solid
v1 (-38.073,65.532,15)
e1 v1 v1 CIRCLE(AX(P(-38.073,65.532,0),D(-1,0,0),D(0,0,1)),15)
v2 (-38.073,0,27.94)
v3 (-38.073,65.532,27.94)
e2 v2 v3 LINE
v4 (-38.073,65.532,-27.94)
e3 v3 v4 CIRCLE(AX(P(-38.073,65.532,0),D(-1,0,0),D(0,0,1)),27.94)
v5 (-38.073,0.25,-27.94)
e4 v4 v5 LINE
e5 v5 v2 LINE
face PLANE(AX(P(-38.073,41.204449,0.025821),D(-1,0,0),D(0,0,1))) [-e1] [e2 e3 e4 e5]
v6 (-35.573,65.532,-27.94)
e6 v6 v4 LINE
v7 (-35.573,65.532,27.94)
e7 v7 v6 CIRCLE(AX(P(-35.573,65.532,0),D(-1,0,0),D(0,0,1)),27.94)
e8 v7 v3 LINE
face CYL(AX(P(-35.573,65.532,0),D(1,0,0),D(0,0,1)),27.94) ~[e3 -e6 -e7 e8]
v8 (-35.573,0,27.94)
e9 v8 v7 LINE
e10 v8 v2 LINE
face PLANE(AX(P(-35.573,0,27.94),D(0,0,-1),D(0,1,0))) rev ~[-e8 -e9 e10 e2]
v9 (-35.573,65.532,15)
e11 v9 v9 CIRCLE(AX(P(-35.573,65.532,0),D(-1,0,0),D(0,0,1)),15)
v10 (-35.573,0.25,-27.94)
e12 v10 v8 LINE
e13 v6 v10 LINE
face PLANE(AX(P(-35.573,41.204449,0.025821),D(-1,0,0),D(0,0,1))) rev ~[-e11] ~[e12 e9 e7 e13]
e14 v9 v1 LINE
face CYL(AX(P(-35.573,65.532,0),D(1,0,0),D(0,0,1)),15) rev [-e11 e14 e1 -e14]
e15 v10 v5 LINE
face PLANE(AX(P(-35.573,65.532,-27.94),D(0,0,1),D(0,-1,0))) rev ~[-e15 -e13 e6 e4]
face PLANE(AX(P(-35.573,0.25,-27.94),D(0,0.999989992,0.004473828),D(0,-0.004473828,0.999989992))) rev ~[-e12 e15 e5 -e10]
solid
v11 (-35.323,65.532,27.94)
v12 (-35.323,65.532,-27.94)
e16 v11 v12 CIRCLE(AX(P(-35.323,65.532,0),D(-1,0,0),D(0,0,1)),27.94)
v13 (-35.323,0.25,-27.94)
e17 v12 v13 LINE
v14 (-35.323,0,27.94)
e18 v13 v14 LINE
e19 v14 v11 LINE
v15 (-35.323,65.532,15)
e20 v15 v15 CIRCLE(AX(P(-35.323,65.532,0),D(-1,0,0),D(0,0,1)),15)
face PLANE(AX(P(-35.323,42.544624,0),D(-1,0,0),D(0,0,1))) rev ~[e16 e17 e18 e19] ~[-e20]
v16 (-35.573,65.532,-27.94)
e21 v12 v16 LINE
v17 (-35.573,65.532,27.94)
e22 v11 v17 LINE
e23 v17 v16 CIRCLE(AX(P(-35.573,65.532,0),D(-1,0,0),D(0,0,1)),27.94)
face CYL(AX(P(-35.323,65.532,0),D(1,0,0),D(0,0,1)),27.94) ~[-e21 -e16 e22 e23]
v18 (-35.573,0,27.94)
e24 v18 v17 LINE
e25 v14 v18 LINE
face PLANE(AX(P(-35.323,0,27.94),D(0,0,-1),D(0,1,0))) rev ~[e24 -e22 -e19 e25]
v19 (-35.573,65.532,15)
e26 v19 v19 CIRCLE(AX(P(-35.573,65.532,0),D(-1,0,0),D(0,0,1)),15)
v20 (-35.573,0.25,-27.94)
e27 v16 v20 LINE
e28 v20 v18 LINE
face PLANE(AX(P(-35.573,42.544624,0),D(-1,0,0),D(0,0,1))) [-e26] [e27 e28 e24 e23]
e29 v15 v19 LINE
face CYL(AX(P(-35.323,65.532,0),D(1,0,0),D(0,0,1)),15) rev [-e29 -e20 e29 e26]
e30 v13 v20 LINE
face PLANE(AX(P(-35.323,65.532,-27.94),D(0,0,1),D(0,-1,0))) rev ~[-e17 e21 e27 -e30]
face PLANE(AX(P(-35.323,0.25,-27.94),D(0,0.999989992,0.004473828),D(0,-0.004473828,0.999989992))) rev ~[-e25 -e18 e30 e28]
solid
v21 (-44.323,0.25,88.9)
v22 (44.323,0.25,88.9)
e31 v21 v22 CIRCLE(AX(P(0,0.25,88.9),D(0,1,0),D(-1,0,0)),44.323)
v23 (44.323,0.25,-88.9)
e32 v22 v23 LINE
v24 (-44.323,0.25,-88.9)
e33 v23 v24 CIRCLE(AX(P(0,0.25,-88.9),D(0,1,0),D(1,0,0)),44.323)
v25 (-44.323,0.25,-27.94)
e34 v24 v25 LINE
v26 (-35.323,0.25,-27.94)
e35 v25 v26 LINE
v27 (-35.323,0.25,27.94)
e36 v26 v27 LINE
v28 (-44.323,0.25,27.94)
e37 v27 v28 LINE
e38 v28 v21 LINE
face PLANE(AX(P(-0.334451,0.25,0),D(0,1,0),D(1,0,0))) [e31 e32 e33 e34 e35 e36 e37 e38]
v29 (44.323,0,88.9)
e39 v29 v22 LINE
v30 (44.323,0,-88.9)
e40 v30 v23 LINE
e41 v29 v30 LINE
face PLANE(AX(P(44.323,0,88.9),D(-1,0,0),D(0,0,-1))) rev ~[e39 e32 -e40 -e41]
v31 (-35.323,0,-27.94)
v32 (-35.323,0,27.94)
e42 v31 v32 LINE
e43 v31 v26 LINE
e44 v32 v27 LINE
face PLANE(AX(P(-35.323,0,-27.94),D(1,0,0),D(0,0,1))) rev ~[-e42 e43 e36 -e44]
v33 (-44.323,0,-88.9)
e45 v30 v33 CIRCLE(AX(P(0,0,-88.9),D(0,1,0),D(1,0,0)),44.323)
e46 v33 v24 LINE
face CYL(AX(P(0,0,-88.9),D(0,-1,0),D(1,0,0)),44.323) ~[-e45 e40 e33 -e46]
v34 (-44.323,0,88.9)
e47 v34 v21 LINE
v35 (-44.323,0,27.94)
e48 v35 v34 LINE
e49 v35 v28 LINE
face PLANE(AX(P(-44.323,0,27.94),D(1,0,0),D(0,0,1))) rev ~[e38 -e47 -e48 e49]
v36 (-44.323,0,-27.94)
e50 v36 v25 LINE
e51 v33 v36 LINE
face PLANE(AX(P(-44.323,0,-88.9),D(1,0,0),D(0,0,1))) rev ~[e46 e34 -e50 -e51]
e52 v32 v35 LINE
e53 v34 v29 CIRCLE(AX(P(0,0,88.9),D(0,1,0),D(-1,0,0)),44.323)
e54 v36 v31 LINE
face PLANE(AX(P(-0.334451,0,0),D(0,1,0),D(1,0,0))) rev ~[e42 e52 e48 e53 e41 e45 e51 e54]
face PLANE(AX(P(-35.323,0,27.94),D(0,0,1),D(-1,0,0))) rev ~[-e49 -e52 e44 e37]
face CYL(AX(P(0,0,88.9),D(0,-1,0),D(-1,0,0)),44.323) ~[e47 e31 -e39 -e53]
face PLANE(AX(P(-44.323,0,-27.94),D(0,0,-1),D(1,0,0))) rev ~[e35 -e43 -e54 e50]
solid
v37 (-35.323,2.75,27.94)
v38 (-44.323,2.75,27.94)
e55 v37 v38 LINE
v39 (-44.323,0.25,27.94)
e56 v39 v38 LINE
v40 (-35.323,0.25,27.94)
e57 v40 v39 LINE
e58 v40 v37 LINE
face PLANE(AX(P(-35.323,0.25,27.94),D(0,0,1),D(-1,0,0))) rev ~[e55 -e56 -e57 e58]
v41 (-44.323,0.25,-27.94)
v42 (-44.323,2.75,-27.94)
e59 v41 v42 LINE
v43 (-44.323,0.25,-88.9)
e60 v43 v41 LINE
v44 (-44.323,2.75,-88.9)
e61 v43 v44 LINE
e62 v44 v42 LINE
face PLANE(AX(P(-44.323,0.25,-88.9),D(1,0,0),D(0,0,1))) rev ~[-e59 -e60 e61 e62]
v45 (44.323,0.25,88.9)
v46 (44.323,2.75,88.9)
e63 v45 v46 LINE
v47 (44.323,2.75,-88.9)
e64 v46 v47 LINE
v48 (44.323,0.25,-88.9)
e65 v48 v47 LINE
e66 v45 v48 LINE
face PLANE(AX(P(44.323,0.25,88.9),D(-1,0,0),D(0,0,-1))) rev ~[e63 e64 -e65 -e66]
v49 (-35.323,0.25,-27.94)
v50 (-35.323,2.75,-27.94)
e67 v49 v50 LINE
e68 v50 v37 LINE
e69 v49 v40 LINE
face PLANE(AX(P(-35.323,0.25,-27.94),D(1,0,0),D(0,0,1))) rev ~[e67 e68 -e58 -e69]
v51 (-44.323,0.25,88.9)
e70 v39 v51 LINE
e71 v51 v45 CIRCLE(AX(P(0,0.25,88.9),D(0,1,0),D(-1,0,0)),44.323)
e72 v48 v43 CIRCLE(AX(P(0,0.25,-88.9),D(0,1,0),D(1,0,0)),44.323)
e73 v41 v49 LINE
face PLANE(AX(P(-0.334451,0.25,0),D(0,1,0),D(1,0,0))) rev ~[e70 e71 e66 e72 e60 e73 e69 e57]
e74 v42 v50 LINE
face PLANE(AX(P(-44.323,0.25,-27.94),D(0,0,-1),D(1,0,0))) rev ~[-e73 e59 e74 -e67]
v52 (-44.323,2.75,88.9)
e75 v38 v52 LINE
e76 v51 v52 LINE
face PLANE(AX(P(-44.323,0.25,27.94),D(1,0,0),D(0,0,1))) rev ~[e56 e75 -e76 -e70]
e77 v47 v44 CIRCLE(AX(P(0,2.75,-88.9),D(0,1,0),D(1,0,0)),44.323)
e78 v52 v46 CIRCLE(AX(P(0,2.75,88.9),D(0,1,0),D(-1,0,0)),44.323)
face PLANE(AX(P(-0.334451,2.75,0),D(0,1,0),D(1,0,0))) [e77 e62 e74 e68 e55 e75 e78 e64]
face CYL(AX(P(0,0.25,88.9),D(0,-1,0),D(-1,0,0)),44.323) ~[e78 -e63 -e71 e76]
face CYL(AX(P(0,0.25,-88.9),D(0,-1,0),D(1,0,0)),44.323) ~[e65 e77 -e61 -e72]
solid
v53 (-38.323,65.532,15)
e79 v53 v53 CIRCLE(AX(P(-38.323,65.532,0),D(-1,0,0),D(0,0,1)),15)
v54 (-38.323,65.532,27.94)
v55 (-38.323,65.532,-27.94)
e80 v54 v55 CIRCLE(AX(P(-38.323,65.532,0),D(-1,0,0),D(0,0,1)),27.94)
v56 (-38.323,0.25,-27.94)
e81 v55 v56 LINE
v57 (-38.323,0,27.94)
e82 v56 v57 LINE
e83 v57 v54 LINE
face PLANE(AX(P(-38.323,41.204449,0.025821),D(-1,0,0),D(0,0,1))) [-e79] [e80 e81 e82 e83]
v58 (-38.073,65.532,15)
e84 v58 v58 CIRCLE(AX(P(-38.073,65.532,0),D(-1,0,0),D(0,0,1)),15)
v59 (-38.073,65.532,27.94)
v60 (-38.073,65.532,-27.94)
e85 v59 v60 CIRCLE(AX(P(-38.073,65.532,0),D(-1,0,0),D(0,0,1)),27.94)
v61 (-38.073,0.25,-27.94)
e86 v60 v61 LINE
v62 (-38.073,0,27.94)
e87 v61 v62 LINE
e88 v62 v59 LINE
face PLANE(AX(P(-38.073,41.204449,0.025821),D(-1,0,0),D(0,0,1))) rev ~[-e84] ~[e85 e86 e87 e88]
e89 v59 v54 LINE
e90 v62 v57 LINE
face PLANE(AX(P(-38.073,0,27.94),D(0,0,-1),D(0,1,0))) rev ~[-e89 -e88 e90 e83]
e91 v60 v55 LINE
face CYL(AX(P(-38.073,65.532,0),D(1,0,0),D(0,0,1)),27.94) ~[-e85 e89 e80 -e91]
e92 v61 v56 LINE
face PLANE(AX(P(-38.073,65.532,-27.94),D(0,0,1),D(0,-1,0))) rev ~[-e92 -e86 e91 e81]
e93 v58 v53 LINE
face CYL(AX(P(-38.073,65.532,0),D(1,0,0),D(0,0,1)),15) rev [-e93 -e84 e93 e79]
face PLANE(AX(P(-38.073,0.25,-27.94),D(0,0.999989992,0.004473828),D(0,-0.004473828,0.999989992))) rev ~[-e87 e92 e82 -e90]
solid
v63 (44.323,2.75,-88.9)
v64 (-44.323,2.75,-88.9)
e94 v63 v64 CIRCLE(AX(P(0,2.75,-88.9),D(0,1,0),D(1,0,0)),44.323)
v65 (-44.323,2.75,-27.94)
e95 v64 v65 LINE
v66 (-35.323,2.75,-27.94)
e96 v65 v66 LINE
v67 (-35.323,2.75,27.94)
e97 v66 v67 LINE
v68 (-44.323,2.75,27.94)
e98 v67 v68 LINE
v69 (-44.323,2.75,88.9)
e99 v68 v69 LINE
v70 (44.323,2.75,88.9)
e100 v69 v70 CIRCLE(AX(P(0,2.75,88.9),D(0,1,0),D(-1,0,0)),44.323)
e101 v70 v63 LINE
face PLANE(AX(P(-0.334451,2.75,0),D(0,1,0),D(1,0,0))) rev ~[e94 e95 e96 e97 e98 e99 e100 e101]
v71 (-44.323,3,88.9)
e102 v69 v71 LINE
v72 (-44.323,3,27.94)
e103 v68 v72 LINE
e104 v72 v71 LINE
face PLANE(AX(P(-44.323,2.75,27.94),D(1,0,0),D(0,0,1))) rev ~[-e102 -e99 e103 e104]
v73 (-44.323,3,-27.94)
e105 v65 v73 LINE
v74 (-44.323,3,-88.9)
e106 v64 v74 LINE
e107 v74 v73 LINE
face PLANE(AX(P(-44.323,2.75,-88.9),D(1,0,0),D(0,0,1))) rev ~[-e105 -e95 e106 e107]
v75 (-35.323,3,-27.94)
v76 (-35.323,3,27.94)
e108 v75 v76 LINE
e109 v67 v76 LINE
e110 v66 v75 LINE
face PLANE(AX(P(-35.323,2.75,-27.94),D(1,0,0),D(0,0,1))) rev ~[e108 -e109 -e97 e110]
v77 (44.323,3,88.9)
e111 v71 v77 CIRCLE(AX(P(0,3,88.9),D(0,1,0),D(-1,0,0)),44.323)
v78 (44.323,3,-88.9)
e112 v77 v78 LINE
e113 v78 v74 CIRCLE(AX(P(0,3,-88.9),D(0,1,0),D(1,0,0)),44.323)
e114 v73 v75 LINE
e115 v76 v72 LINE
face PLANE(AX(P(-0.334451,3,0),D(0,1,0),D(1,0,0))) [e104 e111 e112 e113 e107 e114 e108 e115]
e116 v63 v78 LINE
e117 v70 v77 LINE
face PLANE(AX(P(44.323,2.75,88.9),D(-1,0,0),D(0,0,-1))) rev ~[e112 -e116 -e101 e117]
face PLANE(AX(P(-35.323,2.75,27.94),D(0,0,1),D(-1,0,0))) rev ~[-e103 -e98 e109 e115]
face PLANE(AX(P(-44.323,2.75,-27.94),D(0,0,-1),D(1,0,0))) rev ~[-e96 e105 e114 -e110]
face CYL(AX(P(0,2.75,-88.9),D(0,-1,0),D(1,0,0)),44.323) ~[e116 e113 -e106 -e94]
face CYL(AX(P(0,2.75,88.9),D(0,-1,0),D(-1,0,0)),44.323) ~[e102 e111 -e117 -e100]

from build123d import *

# Parameters (mm, degrees)
BOSS_EXTRUDE1_DEPTH = 0.25
BOSS_EXTRUDE2_DEPTH = 2.5
BOSS_EXTRUDE3_DEPTH = 0.25
SKETCH6_R           = 15
BOSS_EXTRUDE5_DEPTH = 0.25
SKETCH7_R           = 15
BOSS_EXTRUDE7_DEPTH = 2.5
SKETCH8_R           = 15
BOSS_EXTRUDE8_DEPTH = 0.25


with BuildPart() as part:
    # Sketch1 → Boss-Extrude1 (new body)
    with BuildSketch(Plane(origin=(0, 0, 0), x_dir=(1, 0, 0), z_dir=(0, 1, 0))):
        with BuildLine():
            Line((-44.323, 88.9), (-44.323, 27.94))
            Line((-44.323, 27.94), (-35.323, 27.94))
            Line((-35.323, 27.94), (-35.323, -27.94))
            Line((-35.323, -27.94), (-44.323, -27.94))
            Line((-44.323, -27.94), (-44.323, -88.9))
            ThreePointArc((-44.323, -88.9), (0, -133.223), (44.323, -88.9))
            Line((44.323, -88.9), (44.323, 88.9))
            ThreePointArc((44.323, 88.9), (0, 133.223), (-44.323, 88.9))
        make_face()
    extrude(amount=BOSS_EXTRUDE1_DEPTH)


with BuildPart() as body_2:
    # Sketch2 → Boss-Extrude2 (new body)
    with BuildSketch(Plane(origin=(0, 0.25, 0), x_dir=(1, 0, 0), z_dir=(0, 1, 0))):
        with BuildLine():
            Line((-44.323, 27.94), (-35.323, 27.94))
            Line((-35.323, 27.94), (-35.323, -27.94))
            Line((-35.323, -27.94), (-44.323, -27.94))
            Line((-44.323, -27.94), (-44.323, -88.9))
            ThreePointArc((-44.323, -88.9), (0, -133.223), (44.323, -88.9))
            Line((44.323, -88.9), (44.323, 88.9))
            ThreePointArc((44.323, 88.9), (0, 133.223), (-44.323, 88.9))
            Line((-44.323, 88.9), (-44.323, 27.94))
        make_face()
    extrude(amount=BOSS_EXTRUDE2_DEPTH)


with BuildPart() as body_3:
    # Sketch3 → Boss-Extrude3 (new body)
    with BuildSketch(Plane(origin=(0, 2.75, 0), x_dir=(1, 0, 0), z_dir=(0, 1, 0))):
        with BuildLine():
            Line((-35.323, -27.94), (-44.323, -27.94))
            Line((-44.323, -27.94), (-44.323, -88.9))
            ThreePointArc((-44.323, -88.9), (0, -133.223), (44.323, -88.9))
            Line((44.323, -88.9), (44.323, 88.9))
            ThreePointArc((44.323, 88.9), (0, 133.223), (-44.323, 88.9))
            Line((-44.323, 88.9), (-44.323, 27.94))
            Line((-44.323, 27.94), (-35.323, 27.94))
            Line((-35.323, 27.94), (-35.323, -27.94))
        make_face()
    extrude(amount=BOSS_EXTRUDE3_DEPTH)


with BuildPart() as body_4:
    # Sketch6 → Boss-Extrude5 (new body)
    with BuildSketch(Plane.ZY.offset(35.323)):
        with BuildLine():
            ThreePointArc((27.94, 65.532), (0, 93.472), (-27.94, 65.532))
            Line((-27.94, 65.532), (-27.94, 0.25))
            Line((-27.94, 0.25), (27.94, 0))
            Line((27.94, 0), (27.94, 65.532))
        make_face()
        with Locations((0, 65.532)):
            Circle(SKETCH6_R, mode=Mode.SUBTRACT)
    extrude(amount=BOSS_EXTRUDE5_DEPTH)


with BuildPart() as body_5:
    # Sketch7 → Boss-Extrude7 (new body)
    with BuildSketch(Plane.ZY.offset(35.573)):
        with BuildLine():
            Line((-27.94, 0.25), (27.94, 0))
            Line((27.94, 0), (27.94, 65.532))
            ThreePointArc((27.94, 65.532), (0, 93.472), (-27.94, 65.532))
            Line((-27.94, 65.532), (-27.94, 0.25))
        make_face()
        with Locations((0, 65.532)):
            Circle(SKETCH7_R, mode=Mode.SUBTRACT)
    extrude(amount=BOSS_EXTRUDE7_DEPTH)


with BuildPart() as body_6:
    # Sketch8 → Boss-Extrude8 (new body)
    with BuildSketch(Plane.ZY.offset(38.073)):
        with BuildLine():
            Line((-27.94, 65.532), (-27.94, 0.25))
            Line((-27.94, 0.25), (27.94, 0))
            Line((27.94, 0), (27.94, 65.532))
            ThreePointArc((27.94, 65.532), (0, 93.472), (-27.94, 65.532))
        make_face()
        with Locations((0, 65.532)):
            Circle(SKETCH8_R, mode=Mode.SUBTRACT)
    extrude(amount=BOSS_EXTRUDE8_DEPTH)


solid = Compound([part.part, body_2.part, body_3.part, body_4.part, body_5.part, body_6.part])
